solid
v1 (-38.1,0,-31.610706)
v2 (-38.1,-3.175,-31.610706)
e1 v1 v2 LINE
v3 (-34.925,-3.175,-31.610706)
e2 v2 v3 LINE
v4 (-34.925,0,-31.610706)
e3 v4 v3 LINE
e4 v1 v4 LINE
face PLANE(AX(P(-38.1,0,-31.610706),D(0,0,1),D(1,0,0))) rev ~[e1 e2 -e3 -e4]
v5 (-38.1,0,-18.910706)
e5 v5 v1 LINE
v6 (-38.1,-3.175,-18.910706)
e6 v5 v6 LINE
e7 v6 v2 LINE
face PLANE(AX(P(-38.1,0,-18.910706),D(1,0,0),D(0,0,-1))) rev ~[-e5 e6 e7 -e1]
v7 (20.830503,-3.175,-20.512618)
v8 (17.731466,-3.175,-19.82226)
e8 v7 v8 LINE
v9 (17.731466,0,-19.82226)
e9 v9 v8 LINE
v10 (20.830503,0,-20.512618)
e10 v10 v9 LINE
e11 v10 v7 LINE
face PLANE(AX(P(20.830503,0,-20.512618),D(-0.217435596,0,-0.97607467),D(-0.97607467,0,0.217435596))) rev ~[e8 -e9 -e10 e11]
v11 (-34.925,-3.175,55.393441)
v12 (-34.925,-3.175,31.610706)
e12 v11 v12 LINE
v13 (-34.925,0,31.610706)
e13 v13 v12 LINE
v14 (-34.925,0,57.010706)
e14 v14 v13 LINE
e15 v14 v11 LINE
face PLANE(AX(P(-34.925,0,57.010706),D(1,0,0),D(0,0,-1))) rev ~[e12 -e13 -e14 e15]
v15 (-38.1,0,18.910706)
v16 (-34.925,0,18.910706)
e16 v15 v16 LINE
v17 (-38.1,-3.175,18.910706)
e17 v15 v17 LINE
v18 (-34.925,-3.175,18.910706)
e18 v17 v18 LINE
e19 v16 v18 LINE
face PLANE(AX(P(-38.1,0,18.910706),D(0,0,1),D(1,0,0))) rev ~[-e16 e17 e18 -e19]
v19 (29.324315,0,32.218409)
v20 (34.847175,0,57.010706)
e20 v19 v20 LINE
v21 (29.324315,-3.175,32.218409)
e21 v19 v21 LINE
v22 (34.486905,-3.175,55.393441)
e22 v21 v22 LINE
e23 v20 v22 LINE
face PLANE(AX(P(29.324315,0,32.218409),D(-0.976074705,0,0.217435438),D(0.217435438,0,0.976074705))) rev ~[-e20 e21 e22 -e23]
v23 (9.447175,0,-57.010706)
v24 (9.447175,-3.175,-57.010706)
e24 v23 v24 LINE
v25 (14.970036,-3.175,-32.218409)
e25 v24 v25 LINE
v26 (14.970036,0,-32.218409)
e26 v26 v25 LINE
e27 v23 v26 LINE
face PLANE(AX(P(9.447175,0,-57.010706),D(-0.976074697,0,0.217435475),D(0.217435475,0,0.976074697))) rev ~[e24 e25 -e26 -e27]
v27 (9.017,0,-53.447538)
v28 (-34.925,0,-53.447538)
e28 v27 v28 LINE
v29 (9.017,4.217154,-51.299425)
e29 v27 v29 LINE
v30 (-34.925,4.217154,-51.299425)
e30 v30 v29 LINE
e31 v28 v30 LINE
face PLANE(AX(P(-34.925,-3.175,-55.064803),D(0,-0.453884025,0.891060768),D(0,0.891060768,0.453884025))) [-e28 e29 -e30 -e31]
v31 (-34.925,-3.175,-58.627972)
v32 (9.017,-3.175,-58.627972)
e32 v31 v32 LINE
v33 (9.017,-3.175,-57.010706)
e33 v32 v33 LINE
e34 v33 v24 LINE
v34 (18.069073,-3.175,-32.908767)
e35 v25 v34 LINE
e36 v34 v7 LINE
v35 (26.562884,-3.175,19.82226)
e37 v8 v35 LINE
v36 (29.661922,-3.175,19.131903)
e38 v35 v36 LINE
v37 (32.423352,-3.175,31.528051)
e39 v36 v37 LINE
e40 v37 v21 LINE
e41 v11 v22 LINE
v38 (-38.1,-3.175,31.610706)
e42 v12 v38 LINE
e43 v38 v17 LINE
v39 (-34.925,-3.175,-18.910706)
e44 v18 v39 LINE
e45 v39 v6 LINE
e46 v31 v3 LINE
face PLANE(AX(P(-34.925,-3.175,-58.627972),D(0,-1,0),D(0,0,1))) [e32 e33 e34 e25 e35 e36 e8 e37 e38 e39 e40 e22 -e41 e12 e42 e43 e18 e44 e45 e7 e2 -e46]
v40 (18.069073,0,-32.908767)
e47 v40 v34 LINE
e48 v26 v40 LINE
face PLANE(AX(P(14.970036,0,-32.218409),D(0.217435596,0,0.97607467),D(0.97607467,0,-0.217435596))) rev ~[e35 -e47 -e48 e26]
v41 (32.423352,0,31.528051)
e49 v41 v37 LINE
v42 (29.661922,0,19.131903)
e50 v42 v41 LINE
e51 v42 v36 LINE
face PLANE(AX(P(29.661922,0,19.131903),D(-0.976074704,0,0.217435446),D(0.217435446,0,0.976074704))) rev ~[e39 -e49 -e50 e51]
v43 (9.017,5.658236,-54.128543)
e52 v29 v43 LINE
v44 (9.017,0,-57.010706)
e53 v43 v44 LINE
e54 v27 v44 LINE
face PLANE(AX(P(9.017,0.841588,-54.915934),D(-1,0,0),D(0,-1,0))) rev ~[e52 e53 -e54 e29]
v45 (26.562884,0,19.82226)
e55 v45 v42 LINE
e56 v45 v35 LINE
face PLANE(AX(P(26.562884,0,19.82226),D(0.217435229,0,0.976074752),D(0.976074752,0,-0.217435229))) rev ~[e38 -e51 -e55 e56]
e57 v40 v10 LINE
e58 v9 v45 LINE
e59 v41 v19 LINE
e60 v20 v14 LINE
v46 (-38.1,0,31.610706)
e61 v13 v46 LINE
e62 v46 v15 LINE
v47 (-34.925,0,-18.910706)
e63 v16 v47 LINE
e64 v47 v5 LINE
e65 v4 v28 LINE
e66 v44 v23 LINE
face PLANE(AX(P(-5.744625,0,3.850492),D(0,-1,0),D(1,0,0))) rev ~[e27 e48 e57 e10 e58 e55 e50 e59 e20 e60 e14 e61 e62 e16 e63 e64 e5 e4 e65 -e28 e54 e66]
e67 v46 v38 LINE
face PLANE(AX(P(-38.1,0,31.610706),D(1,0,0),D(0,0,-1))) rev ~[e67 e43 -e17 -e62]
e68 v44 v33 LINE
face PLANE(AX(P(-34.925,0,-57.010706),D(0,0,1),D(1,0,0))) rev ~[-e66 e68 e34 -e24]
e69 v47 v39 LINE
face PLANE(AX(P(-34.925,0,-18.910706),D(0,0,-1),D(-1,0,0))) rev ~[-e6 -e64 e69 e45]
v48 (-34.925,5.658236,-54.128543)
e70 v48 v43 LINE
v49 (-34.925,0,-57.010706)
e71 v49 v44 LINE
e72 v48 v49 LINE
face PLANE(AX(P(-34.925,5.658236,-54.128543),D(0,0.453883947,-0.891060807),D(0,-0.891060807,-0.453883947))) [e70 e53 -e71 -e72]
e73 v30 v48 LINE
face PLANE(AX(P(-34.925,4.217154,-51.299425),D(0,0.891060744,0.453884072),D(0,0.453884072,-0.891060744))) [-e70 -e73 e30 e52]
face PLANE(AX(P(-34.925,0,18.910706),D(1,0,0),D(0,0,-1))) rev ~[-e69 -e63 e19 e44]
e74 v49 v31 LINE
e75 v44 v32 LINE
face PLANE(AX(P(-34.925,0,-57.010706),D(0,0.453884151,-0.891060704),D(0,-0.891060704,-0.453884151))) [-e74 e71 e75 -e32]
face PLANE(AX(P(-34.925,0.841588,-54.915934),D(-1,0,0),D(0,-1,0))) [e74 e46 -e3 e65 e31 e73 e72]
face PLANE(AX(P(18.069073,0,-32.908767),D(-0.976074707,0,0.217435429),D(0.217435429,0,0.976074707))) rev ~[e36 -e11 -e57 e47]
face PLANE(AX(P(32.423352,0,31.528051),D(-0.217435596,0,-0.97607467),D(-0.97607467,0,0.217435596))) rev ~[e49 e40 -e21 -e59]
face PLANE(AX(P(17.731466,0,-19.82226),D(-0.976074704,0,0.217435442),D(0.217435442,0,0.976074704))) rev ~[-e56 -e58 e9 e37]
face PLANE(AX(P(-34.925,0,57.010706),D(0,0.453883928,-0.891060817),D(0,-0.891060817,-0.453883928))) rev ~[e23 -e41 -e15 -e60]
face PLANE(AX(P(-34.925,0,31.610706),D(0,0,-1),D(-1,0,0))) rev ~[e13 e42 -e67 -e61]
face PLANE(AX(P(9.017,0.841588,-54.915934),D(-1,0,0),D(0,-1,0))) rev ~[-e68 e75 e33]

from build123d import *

# Parameters (mm, degrees)
F1_DEPTH = 3.175
F4_DEPTH = 76.2
F5_DEPTH = 43.942


with BuildPart() as f1:
    # F0 (on Front) → F1 (new body)
    with BuildSketch(Plane.XZ):
        Polygon((-34.925, -57.010706), (9.447175, -57.010706), (14.970036, -32.218409), (18.069073, -32.908767), (20.830503, -20.512618), (17.731466, -19.82226), (26.562884, 19.82226), (29.661922, 19.131903), (32.423352, 31.528051), (29.324315, 32.218409), (34.847175, 57.010706), (-34.925, 57.010706), (-34.925, 31.610706), (-38.1, 31.610706), (-38.1, 18.910706), (-34.925, 18.910706), (-34.925, -18.910706), (-38.1, -18.910706), (-38.1, -31.610706), (-34.925, -31.610706), align=None)
    extrude(amount=F1_DEPTH)

    # F3 (on face) → F4 (cut)
    with BuildSketch(Plane(origin=(-34.925, 0, 0), x_dir=(0, -1, 0), z_dir=(-1, 0, 0))):
        Polygon((3.175, 57.010706), (0, 57.010706), (3.175, 55.393441), align=None)
    extrude(amount=-F4_DEPTH, mode=Mode.SUBTRACT)

    # F2 (on face) → F5 (join)
    with BuildSketch(Plane(origin=(-34.925, 0, 0), x_dir=(0, -1, 0), z_dir=(-1, 0, 0))):
        Polygon((-5.658236, -54.128543), (0, -57.010706), (3.175, -58.627972), (3.175, -55.064803), (-4.217154, -51.299425), align=None)
    extrude(amount=-F5_DEPTH)


solid = f1.part
